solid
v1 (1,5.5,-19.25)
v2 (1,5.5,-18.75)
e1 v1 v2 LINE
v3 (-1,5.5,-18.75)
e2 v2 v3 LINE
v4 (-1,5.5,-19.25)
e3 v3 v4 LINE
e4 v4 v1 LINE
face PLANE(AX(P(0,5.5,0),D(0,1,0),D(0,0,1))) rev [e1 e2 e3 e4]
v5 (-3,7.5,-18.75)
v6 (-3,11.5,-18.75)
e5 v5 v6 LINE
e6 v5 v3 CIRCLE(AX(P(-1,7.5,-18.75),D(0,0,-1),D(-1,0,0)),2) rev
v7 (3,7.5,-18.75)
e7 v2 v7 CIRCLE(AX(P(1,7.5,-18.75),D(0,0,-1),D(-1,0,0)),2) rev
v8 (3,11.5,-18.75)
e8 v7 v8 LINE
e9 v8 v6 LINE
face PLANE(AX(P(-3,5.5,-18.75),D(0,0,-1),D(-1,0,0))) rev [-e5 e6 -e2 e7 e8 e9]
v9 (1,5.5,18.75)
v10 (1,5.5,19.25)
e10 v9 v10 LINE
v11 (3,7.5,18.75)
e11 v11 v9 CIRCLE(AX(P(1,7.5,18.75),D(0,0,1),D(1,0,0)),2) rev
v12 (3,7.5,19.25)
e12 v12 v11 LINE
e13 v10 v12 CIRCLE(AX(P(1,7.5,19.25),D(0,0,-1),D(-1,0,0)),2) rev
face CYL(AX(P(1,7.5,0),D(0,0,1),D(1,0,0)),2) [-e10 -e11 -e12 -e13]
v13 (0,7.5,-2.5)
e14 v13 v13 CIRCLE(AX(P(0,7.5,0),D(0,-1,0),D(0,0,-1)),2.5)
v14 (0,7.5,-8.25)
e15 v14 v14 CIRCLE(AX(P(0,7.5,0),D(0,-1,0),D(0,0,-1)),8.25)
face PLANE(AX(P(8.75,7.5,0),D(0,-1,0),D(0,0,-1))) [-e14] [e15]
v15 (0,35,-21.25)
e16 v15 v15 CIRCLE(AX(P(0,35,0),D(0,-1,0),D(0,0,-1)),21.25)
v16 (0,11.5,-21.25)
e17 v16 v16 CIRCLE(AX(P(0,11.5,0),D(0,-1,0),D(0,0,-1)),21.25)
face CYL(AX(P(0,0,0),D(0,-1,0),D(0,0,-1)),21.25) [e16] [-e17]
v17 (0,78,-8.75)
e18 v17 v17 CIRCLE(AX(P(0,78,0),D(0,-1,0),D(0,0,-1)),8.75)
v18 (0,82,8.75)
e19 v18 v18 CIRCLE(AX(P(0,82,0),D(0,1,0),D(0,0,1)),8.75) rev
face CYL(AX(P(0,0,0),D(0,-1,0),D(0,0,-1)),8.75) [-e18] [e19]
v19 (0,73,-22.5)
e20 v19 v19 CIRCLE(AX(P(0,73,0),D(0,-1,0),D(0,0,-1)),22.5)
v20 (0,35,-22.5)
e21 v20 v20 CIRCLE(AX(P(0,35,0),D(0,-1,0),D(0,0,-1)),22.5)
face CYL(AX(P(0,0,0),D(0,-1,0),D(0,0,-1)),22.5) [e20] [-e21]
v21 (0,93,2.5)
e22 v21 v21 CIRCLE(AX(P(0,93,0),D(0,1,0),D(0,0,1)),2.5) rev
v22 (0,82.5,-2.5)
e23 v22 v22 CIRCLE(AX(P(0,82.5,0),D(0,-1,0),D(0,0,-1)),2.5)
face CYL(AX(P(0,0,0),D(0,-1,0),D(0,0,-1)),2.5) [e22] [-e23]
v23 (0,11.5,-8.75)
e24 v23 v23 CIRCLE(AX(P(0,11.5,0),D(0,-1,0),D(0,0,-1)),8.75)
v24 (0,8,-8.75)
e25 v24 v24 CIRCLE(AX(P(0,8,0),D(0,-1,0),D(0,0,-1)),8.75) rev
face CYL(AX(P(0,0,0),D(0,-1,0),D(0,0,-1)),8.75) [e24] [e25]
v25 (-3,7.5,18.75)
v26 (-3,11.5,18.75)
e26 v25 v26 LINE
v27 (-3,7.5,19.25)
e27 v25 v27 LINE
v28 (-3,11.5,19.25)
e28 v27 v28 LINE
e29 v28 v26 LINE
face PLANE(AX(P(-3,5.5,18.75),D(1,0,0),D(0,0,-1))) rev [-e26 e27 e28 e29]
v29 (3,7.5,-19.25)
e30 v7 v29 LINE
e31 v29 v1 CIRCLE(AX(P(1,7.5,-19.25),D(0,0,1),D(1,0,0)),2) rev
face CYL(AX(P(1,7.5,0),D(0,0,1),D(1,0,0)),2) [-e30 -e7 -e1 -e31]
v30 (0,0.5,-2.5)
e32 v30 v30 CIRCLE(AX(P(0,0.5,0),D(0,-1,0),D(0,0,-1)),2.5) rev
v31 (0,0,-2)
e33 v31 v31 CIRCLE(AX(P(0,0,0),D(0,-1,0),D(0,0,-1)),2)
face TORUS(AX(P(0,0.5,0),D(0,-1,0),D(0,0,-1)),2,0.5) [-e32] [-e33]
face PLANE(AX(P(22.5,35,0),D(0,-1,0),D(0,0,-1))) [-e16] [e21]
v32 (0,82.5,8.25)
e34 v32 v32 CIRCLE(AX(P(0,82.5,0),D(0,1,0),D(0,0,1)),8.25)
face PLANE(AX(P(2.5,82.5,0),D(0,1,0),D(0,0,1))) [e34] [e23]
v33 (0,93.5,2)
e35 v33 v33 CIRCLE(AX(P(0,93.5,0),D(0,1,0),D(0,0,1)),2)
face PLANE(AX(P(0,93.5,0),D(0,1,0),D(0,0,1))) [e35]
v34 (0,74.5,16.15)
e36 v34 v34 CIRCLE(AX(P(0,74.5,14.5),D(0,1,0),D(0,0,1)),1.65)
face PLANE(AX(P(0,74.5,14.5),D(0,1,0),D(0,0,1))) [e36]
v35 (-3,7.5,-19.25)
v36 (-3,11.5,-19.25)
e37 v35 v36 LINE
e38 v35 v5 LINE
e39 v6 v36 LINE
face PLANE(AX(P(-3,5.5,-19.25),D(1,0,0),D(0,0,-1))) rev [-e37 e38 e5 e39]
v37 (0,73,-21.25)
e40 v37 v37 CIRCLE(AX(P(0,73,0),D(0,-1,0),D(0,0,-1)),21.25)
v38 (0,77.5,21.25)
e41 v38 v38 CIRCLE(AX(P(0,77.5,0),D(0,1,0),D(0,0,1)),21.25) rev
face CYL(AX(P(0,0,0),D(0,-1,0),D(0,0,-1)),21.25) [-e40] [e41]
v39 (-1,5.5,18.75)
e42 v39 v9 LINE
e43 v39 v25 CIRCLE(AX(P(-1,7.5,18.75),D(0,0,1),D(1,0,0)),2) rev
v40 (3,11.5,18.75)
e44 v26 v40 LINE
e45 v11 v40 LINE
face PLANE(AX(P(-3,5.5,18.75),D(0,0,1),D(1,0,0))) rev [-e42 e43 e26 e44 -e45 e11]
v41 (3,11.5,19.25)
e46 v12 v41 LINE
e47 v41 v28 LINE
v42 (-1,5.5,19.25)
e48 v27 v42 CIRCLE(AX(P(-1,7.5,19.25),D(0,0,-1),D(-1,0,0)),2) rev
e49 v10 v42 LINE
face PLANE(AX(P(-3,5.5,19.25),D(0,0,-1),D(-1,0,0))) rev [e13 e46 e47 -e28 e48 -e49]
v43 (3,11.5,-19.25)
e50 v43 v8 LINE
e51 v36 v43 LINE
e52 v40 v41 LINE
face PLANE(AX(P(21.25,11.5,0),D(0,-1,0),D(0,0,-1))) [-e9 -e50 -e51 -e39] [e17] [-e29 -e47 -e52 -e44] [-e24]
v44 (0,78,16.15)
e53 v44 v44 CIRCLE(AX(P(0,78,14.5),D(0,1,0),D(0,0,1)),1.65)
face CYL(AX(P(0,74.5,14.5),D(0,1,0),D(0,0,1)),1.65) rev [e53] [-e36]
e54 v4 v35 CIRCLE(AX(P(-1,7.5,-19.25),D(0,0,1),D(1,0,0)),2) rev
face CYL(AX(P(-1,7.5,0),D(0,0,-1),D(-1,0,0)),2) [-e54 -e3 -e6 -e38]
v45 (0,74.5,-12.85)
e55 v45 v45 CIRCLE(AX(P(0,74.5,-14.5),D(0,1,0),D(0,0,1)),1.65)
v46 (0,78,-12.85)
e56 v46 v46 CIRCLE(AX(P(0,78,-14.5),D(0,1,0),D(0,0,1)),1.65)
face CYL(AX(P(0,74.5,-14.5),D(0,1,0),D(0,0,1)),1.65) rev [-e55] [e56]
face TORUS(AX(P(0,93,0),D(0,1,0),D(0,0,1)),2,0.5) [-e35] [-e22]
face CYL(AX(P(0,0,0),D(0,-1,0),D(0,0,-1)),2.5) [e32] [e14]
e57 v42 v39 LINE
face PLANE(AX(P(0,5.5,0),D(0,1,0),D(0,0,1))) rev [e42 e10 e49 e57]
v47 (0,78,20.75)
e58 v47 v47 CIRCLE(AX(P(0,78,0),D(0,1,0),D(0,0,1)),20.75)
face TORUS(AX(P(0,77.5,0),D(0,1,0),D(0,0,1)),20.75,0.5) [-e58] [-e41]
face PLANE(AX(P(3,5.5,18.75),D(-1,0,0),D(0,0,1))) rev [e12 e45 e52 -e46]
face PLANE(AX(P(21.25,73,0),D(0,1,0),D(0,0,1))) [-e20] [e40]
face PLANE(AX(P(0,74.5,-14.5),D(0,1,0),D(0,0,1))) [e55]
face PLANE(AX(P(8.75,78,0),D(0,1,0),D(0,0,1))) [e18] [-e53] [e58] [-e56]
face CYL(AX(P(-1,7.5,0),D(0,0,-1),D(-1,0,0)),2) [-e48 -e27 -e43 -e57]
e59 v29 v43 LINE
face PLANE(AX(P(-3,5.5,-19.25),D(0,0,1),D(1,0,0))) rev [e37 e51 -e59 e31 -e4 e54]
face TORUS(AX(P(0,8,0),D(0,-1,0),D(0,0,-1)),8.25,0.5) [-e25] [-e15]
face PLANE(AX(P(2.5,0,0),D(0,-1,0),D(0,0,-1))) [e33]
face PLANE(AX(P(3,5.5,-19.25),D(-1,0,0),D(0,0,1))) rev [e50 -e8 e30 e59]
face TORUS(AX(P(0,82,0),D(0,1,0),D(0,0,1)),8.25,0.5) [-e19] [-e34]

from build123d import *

# Parameters (mm, degrees)
SKETCH_2_W          = 6
SKETCH_2_H          = 0.5
EXTRUDE_1_DEPTH     = 6
SKETCH_3_R          = 1.65
CUT_EXTRUDE_1_DEPTH = 3.5
FILLET_1_R          = 0.5
FILLET_2_R          = 2


with BuildPart() as part:
    # Эскиз1 → Повернуть1 (revolve)
    with BuildSketch(Plane.XY, mode=Mode.PRIVATE) as revolve_1_sk:
        Polygon((0, 0), (0, 93.5), (2.5, 93.5), (2.5, 82.5), (8.75, 82.5), (8.75, 78), (21.25, 78), (21.25, 73), (22.5, 73), (22.5, 35), (21.25, 35), (21.25, 11.5), (8.75, 11.5), (8.75, 7.5), (2.5, 7.5), (2.5, 0), align=None)
    revolve(revolve_1_sk.sketch.rotate(Axis((0, 0, 0), (0, 1, 0)), 90), axis=Axis((0, 0, 0), (0, 1, 0)))

    # Эскиз2 → Бобышка-Вытянуть1 (add)
    with BuildSketch(Plane.XZ.offset(-11.5)):
        with Locations((0, -19)):
            Rectangle(SKETCH_2_W, SKETCH_2_H)
        with Locations((0, 19)):
            Rectangle(SKETCH_2_W, SKETCH_2_H)
    extrude(amount=EXTRUDE_1_DEPTH)

    # Эскиз3 → Вырез-Вытянуть1 (cut)
    with BuildSketch(Plane(origin=(0, 78, 0), x_dir=(1, 0, 0), z_dir=(0, 1, 0))):
        with Locations(Location((0, -14.5, 0), (0, 0, 270))):
            Circle(SKETCH_3_R)
        with Locations(Location((0, 14.5, 0), (0, 0, 270))):
            Circle(SKETCH_3_R)
    extrude(amount=-CUT_EXTRUDE_1_DEPTH, mode=Mode.SUBTRACT)

    # Скругление1
    fillet_1_edges = [part.edges().sort_by_distance(p)[0] for p in [
        (0, 0, 2.5),
        (0, 7.5, 8.75),
        (0, 78, 21.25),
        (0, 82.5, 8.75),
        (0, 93.5, 2.5),
    ]]
    fillet(fillet_1_edges, radius=FILLET_1_R)

    # Скругление2
    fillet_2_edges = [part.edges().sort_by_distance(p)[0] for p in [
        (-3, 5.5, 19),
        (3, 5.5, 19),
        (-3, 5.5, -19),
        (3, 5.5, -19),
    ]]
    fillet(fillet_2_edges, radius=FILLET_2_R)


solid = part.part
